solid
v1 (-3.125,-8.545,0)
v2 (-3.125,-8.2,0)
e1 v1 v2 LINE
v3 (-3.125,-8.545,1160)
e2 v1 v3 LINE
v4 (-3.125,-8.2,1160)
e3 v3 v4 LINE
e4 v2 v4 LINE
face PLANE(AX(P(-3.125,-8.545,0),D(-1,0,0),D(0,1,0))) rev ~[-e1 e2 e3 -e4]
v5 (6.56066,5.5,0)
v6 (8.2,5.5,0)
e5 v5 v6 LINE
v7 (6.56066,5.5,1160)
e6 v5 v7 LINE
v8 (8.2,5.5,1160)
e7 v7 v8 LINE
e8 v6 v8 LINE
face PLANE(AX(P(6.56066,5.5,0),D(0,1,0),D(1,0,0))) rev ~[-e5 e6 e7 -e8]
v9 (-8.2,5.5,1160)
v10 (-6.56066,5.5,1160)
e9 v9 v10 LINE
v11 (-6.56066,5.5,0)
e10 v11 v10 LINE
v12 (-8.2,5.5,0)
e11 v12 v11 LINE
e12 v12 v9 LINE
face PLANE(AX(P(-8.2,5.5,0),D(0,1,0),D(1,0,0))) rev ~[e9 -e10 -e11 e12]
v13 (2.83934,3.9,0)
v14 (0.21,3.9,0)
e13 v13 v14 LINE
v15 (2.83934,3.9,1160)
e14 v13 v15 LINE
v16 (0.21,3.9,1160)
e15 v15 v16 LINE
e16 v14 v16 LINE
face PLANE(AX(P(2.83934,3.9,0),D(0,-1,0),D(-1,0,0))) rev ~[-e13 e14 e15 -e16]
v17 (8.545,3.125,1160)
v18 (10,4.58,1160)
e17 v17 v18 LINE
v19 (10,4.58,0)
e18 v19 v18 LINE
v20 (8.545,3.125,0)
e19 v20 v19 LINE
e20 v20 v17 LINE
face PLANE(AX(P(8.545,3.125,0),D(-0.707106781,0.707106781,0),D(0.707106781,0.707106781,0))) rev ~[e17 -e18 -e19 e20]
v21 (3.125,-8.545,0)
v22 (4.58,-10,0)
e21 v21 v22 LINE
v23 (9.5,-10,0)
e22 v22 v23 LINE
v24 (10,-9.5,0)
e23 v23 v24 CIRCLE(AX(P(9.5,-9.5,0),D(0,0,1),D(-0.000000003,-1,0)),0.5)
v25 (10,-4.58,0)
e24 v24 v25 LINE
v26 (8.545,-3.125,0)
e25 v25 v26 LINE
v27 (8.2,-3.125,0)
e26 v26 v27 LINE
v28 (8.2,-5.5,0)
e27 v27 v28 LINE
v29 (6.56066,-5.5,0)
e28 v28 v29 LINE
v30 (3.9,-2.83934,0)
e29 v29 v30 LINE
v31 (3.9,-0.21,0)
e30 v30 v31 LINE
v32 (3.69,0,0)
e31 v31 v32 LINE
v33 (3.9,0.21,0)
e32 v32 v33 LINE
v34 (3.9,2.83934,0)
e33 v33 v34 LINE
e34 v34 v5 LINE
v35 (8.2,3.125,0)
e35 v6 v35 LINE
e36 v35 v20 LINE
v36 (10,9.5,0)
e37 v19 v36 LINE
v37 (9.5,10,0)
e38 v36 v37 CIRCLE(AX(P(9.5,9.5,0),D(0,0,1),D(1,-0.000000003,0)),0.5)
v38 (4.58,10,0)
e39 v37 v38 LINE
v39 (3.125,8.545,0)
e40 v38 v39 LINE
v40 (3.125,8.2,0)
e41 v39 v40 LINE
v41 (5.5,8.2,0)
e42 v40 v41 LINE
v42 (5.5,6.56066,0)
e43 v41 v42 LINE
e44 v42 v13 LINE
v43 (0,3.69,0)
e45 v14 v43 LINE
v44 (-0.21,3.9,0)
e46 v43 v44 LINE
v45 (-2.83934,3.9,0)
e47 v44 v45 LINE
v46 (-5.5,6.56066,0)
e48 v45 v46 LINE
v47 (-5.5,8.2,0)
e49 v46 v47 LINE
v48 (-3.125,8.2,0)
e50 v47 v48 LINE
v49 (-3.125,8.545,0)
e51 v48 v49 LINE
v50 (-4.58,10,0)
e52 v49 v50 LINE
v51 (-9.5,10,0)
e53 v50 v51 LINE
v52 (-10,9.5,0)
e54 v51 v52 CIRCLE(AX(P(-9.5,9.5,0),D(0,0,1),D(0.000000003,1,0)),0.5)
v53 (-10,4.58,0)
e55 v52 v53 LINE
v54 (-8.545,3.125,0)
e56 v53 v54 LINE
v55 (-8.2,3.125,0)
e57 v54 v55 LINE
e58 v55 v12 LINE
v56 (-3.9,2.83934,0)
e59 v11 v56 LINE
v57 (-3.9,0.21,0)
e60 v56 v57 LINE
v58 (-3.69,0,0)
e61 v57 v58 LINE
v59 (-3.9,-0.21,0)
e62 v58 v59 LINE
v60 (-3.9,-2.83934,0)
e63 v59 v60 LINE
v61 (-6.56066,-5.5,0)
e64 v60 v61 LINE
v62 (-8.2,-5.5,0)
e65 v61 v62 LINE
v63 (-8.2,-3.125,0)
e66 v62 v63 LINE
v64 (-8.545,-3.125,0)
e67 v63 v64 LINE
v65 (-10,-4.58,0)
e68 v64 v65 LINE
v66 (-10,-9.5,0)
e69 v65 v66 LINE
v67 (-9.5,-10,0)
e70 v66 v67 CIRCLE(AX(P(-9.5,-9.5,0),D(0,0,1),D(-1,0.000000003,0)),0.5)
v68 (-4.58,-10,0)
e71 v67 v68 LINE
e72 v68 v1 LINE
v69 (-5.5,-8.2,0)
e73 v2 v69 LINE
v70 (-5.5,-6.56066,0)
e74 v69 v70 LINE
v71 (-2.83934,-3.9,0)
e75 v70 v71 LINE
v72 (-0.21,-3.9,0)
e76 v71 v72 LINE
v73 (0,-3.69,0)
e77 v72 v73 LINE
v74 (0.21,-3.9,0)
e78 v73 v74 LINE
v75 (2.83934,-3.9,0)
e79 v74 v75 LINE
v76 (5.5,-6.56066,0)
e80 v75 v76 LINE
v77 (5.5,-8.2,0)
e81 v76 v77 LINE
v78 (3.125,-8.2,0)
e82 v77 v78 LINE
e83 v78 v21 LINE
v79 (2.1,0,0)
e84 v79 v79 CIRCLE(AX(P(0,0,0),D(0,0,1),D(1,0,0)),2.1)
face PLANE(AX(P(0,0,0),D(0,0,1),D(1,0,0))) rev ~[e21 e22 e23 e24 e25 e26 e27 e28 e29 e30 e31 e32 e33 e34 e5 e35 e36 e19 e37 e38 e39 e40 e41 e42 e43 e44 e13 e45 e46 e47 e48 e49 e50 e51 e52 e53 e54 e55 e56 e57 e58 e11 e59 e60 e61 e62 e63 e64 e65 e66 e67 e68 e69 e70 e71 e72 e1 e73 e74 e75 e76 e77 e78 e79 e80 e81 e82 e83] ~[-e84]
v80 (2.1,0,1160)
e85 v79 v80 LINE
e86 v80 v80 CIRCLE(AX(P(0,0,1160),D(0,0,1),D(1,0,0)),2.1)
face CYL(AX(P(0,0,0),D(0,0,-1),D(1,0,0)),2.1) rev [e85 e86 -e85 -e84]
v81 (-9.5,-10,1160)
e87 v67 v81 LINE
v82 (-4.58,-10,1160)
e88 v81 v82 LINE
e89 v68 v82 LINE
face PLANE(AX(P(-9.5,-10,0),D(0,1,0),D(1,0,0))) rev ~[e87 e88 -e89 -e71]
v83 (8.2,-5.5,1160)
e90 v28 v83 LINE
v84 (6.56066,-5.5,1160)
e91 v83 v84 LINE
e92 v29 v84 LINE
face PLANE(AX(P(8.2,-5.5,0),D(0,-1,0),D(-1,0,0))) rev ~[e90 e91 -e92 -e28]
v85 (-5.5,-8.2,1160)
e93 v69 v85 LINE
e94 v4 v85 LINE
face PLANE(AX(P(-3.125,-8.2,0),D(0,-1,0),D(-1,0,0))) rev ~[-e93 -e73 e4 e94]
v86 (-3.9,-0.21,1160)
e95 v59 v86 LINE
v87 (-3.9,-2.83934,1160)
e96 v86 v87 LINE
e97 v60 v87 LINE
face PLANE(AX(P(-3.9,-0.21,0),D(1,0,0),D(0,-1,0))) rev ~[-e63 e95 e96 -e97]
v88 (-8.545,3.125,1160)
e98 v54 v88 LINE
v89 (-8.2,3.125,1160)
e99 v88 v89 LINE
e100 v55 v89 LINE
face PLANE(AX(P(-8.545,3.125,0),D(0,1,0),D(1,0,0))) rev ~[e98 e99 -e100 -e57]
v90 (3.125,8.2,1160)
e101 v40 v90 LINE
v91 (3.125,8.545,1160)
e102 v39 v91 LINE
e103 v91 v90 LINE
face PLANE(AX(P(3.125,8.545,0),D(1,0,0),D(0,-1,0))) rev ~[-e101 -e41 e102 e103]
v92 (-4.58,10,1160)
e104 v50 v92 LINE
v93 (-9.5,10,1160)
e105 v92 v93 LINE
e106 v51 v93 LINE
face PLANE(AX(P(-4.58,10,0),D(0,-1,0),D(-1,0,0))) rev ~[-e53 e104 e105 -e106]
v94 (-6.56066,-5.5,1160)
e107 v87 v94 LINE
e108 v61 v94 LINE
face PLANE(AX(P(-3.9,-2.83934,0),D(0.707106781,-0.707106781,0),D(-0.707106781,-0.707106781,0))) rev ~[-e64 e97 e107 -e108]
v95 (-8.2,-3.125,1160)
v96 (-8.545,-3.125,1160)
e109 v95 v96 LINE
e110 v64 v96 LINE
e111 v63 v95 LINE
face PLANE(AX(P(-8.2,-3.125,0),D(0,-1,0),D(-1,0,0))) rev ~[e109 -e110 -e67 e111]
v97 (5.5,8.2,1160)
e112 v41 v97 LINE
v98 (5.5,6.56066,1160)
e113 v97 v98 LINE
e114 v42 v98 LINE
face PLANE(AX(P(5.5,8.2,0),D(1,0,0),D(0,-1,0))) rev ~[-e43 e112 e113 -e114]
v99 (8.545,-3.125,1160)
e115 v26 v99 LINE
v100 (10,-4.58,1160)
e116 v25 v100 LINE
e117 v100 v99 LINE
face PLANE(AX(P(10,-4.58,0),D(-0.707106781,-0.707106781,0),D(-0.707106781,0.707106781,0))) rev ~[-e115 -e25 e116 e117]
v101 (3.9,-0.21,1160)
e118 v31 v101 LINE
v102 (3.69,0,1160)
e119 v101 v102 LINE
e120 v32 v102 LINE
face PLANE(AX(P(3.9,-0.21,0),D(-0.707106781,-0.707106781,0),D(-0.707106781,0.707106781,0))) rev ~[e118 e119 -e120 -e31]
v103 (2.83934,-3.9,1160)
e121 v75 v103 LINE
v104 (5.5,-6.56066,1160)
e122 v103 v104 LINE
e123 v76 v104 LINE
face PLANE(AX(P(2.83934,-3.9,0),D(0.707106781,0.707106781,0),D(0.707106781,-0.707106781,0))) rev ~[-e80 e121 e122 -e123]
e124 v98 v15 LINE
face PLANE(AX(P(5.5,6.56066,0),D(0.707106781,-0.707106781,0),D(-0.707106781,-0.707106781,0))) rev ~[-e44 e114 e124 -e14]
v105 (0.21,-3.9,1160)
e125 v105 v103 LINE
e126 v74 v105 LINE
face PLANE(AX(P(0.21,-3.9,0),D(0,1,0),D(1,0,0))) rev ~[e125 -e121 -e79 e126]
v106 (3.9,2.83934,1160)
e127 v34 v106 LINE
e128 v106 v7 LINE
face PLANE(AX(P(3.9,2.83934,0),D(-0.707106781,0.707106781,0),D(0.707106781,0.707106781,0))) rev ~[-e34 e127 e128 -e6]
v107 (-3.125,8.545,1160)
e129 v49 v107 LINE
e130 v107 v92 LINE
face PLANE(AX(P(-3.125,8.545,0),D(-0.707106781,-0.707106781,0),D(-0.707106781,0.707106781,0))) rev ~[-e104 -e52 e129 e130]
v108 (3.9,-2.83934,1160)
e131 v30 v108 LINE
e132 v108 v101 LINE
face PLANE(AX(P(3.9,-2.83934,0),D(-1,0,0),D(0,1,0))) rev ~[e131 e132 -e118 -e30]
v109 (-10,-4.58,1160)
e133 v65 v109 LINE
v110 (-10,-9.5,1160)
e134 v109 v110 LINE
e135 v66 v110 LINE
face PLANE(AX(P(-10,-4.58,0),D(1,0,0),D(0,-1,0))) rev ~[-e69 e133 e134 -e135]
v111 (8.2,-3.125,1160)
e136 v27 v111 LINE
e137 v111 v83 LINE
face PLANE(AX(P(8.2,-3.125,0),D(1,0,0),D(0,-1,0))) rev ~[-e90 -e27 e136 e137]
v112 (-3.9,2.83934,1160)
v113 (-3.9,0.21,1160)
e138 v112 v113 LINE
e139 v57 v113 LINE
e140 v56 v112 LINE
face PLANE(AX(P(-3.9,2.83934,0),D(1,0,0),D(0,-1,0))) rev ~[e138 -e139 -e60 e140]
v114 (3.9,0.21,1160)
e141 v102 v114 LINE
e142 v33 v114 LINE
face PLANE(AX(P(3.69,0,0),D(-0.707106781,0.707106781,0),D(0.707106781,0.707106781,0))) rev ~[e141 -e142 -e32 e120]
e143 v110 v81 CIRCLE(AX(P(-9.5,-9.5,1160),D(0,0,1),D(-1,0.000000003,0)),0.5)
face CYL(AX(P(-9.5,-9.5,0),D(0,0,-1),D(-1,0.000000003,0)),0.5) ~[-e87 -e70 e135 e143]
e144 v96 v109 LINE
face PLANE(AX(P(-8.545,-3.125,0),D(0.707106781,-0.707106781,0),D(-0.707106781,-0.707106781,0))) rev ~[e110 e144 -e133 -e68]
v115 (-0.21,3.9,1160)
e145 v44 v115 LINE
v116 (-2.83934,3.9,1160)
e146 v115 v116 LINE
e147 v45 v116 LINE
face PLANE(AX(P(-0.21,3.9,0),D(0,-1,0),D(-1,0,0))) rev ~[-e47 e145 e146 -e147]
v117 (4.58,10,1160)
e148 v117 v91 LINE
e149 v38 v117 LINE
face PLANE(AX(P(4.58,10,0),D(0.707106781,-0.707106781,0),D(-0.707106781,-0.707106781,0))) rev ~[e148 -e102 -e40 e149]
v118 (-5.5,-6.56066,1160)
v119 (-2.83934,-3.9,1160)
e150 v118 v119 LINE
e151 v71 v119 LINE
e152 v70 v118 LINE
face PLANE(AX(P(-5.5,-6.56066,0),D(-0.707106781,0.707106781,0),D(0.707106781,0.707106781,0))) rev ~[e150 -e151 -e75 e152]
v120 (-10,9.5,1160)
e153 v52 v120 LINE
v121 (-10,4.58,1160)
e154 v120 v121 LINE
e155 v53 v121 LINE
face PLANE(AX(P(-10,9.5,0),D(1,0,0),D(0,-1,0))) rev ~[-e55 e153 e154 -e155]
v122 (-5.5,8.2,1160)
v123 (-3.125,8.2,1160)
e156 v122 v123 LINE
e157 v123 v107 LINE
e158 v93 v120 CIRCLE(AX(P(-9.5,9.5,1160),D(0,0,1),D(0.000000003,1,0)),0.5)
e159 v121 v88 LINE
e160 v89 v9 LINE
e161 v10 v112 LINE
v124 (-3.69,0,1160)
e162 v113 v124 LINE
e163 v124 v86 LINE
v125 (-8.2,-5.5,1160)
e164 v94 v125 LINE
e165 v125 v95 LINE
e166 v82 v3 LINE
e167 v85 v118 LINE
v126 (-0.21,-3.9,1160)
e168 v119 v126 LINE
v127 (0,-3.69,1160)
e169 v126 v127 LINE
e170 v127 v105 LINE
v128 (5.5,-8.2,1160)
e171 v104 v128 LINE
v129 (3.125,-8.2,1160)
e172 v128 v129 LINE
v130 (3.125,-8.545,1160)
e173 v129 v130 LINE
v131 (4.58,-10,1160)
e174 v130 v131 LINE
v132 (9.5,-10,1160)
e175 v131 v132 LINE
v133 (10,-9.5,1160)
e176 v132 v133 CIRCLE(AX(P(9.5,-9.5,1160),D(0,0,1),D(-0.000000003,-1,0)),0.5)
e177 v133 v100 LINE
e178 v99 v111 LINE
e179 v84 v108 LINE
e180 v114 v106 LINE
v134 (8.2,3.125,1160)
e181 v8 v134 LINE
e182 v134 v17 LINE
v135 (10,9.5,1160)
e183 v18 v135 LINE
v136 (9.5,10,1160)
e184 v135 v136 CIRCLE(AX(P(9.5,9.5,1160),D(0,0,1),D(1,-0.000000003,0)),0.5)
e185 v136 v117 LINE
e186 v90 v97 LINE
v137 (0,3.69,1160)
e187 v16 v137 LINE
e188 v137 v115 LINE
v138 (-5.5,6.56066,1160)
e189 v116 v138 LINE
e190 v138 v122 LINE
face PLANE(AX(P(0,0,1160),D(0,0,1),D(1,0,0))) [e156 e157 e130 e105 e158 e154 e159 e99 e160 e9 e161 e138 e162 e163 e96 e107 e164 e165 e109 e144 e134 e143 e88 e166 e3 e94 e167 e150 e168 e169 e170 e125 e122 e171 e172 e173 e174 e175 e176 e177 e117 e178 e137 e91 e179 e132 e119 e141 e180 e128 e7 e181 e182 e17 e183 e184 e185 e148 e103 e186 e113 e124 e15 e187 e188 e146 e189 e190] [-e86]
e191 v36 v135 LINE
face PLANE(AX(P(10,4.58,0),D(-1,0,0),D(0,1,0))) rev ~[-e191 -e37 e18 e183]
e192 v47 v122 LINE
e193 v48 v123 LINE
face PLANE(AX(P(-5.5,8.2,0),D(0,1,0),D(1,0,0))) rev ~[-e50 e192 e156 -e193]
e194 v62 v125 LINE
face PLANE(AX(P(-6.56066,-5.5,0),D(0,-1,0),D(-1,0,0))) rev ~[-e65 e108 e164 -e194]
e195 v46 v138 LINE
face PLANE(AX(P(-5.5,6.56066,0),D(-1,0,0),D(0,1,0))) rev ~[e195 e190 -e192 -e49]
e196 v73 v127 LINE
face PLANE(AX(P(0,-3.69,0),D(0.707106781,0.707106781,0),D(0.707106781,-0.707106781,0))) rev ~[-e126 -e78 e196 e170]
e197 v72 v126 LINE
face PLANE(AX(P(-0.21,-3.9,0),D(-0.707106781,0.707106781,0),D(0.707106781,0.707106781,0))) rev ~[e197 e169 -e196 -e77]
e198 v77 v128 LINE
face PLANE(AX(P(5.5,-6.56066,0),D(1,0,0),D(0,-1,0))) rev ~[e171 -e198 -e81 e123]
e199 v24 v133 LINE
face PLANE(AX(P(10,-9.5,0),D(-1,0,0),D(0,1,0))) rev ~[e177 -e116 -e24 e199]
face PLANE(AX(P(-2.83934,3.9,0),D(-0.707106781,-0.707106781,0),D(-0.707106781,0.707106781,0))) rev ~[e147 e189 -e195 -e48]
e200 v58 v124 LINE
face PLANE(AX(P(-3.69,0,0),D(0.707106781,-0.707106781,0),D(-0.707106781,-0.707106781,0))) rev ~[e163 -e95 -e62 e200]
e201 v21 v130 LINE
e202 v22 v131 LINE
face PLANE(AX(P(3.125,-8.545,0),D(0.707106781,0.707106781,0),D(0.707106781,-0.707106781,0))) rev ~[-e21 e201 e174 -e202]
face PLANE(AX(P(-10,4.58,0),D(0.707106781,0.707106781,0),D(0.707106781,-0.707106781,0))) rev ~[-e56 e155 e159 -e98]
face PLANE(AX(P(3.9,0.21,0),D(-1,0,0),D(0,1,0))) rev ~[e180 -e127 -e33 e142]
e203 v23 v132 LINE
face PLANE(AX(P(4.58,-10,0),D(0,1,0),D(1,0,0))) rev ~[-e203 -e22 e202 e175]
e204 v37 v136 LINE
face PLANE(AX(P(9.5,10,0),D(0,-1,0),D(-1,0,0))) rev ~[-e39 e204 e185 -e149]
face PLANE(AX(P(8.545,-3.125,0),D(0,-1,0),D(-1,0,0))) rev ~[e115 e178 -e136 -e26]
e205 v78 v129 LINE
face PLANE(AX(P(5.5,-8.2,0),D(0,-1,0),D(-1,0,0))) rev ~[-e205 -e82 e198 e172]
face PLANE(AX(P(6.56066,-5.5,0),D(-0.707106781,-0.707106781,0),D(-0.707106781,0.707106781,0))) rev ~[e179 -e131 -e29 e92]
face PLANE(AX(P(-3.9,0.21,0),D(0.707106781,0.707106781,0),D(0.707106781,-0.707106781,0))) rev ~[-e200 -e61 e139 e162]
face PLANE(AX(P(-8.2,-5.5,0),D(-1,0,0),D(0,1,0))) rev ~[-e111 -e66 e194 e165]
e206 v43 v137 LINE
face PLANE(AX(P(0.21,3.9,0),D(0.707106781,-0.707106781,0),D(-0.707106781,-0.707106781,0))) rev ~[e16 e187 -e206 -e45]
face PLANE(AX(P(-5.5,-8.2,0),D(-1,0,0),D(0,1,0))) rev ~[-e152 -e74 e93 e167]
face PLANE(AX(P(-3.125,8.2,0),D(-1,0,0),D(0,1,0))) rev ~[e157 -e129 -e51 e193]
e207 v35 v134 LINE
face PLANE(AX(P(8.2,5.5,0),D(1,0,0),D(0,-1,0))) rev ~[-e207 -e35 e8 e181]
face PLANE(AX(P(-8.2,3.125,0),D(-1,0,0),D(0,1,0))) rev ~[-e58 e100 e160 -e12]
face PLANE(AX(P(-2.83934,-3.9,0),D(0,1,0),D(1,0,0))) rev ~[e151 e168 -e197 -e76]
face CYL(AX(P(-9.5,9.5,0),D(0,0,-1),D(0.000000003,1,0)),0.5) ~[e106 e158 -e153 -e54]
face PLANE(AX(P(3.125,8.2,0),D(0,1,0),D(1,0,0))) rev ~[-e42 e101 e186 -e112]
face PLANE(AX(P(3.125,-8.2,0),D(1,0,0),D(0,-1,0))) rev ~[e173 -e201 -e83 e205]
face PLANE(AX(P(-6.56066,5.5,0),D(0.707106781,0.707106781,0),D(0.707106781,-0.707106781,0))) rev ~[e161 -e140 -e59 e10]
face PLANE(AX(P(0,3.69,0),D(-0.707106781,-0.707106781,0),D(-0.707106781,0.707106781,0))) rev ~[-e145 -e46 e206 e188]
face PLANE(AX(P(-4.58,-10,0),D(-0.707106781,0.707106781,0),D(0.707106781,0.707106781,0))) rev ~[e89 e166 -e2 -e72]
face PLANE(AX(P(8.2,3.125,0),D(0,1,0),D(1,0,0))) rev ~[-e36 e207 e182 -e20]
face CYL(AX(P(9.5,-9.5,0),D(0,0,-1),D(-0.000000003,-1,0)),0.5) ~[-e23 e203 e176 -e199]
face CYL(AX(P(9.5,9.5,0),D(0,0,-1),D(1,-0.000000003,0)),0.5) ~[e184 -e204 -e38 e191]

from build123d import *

# Parameters (mm, degrees)
SKETCH1_R           = 2.1
BOSS_EXTRUDE1_DEPTH = 1160


with BuildPart() as part:
    # Sketch1 → Boss-Extrude1 (new body)
    with BuildSketch(Plane.XY):
        with BuildLine():
            Line((4.58, -10), (9.5, -10))
            ThreePointArc((9.5, -10), (9.853553391, -9.853553391), (10, -9.5))
            Line((10, -9.5), (10, -4.58))
            Line((10, -4.58), (8.545, -3.125))
            Line((8.545, -3.125), (8.2, -3.125))
            Line((8.2, -3.125), (8.2, -5.5))
            Line((8.2, -5.5), (6.560660172, -5.5))
            Line((6.560660172, -5.5), (3.9, -2.839339828))
            Line((3.9, -2.839339828), (3.9, -0.21))
            Line((3.9, -0.21), (3.69, 0))
            Line((3.69, 0), (3.9, 0.21))
            Line((3.9, 0.21), (3.9, 2.839339828))
            Line((3.9, 2.839339828), (6.560660172, 5.5))
            Line((6.560660172, 5.5), (8.2, 5.5))
            Line((8.2, 5.5), (8.2, 3.125))
            Line((8.2, 3.125), (8.545, 3.125))
            Line((8.545, 3.125), (10, 4.58))
            Line((10, 4.58), (10, 9.5))
            ThreePointArc((10, 9.5), (9.853553391, 9.853553391), (9.5, 10))
            Line((9.5, 10), (4.58, 10))
            Line((4.58, 10), (3.125, 8.545))
            Line((3.125, 8.545), (3.125, 8.2))
            Line((3.125, 8.2), (5.5, 8.2))
            Line((5.5, 8.2), (5.5, 6.560660172))
            Line((5.5, 6.560660172), (2.839339828, 3.9))
            Line((2.839339828, 3.9), (0.21, 3.9))
            Line((0.21, 3.9), (0, 3.69))
            Line((0, 3.69), (-0.21, 3.9))
            Line((-0.21, 3.9), (-2.839339828, 3.9))
            Line((-2.839339828, 3.9), (-5.5, 6.560660172))
            Line((-5.5, 6.560660172), (-5.5, 8.2))
            Line((-5.5, 8.2), (-3.125, 8.2))
            Line((-3.125, 8.2), (-3.125, 8.545))
            Line((-3.125, 8.545), (-4.58, 10))
            Line((-4.58, 10), (-9.5, 10))
            ThreePointArc((-9.5, 10), (-9.853553391, 9.853553391), (-10, 9.5))
            Line((-10, 9.5), (-10, 4.58))
            Line((-10, 4.58), (-8.545, 3.125))
            Line((-8.545, 3.125), (-8.2, 3.125))
            Line((-8.2, 3.125), (-8.2, 5.5))
            Line((-8.2, 5.5), (-6.560660172, 5.5))
            Line((-6.560660172, 5.5), (-3.9, 2.839339828))
            Line((-3.9, 2.839339828), (-3.9, 0.21))
            Line((-3.9, 0.21), (-3.69, 0))
            Line((-3.69, 0), (-3.9, -0.21))
            Line((-3.9, -0.21), (-3.9, -2.839339828))
            Line((-3.9, -2.839339828), (-6.560660172, -5.5))
            Line((-6.560660172, -5.5), (-8.2, -5.5))
            Line((-8.2, -5.5), (-8.2, -3.125))
            Line((-8.2, -3.125), (-8.545, -3.125))
            Line((-8.545, -3.125), (-10, -4.58))
            Line((-10, -4.58), (-10, -9.5))
            ThreePointArc((-10, -9.5), (-9.853553391, -9.853553391), (-9.5, -10))
            Line((-9.5, -10), (-4.58, -10))
            Line((-4.58, -10), (-3.125, -8.545))
            Line((-3.125, -8.545), (-3.125, -8.2))
            Line((-3.125, -8.2), (-5.5, -8.2))
            Line((-5.5, -8.2), (-5.5, -6.560660172))
            Line((-5.5, -6.560660172), (-2.839339828, -3.9))
            Line((-2.839339828, -3.9), (-0.21, -3.9))
            Line((-0.21, -3.9), (0, -3.69))
            Line((0, -3.69), (0.21, -3.9))
            Line((0.21, -3.9), (2.839339828, -3.9))
            Line((2.839339828, -3.9), (5.5, -6.560660172))
            Line((5.5, -6.560660172), (5.5, -8.2))
            Line((5.5, -8.2), (3.125, -8.2))
            Line((3.125, -8.2), (3.125, -8.545))
            Line((3.125, -8.545), (4.58, -10))
        make_face()
        Circle(SKETCH1_R, mode=Mode.SUBTRACT)
    extrude(amount=BOSS_EXTRUDE1_DEPTH)


solid = part.part
